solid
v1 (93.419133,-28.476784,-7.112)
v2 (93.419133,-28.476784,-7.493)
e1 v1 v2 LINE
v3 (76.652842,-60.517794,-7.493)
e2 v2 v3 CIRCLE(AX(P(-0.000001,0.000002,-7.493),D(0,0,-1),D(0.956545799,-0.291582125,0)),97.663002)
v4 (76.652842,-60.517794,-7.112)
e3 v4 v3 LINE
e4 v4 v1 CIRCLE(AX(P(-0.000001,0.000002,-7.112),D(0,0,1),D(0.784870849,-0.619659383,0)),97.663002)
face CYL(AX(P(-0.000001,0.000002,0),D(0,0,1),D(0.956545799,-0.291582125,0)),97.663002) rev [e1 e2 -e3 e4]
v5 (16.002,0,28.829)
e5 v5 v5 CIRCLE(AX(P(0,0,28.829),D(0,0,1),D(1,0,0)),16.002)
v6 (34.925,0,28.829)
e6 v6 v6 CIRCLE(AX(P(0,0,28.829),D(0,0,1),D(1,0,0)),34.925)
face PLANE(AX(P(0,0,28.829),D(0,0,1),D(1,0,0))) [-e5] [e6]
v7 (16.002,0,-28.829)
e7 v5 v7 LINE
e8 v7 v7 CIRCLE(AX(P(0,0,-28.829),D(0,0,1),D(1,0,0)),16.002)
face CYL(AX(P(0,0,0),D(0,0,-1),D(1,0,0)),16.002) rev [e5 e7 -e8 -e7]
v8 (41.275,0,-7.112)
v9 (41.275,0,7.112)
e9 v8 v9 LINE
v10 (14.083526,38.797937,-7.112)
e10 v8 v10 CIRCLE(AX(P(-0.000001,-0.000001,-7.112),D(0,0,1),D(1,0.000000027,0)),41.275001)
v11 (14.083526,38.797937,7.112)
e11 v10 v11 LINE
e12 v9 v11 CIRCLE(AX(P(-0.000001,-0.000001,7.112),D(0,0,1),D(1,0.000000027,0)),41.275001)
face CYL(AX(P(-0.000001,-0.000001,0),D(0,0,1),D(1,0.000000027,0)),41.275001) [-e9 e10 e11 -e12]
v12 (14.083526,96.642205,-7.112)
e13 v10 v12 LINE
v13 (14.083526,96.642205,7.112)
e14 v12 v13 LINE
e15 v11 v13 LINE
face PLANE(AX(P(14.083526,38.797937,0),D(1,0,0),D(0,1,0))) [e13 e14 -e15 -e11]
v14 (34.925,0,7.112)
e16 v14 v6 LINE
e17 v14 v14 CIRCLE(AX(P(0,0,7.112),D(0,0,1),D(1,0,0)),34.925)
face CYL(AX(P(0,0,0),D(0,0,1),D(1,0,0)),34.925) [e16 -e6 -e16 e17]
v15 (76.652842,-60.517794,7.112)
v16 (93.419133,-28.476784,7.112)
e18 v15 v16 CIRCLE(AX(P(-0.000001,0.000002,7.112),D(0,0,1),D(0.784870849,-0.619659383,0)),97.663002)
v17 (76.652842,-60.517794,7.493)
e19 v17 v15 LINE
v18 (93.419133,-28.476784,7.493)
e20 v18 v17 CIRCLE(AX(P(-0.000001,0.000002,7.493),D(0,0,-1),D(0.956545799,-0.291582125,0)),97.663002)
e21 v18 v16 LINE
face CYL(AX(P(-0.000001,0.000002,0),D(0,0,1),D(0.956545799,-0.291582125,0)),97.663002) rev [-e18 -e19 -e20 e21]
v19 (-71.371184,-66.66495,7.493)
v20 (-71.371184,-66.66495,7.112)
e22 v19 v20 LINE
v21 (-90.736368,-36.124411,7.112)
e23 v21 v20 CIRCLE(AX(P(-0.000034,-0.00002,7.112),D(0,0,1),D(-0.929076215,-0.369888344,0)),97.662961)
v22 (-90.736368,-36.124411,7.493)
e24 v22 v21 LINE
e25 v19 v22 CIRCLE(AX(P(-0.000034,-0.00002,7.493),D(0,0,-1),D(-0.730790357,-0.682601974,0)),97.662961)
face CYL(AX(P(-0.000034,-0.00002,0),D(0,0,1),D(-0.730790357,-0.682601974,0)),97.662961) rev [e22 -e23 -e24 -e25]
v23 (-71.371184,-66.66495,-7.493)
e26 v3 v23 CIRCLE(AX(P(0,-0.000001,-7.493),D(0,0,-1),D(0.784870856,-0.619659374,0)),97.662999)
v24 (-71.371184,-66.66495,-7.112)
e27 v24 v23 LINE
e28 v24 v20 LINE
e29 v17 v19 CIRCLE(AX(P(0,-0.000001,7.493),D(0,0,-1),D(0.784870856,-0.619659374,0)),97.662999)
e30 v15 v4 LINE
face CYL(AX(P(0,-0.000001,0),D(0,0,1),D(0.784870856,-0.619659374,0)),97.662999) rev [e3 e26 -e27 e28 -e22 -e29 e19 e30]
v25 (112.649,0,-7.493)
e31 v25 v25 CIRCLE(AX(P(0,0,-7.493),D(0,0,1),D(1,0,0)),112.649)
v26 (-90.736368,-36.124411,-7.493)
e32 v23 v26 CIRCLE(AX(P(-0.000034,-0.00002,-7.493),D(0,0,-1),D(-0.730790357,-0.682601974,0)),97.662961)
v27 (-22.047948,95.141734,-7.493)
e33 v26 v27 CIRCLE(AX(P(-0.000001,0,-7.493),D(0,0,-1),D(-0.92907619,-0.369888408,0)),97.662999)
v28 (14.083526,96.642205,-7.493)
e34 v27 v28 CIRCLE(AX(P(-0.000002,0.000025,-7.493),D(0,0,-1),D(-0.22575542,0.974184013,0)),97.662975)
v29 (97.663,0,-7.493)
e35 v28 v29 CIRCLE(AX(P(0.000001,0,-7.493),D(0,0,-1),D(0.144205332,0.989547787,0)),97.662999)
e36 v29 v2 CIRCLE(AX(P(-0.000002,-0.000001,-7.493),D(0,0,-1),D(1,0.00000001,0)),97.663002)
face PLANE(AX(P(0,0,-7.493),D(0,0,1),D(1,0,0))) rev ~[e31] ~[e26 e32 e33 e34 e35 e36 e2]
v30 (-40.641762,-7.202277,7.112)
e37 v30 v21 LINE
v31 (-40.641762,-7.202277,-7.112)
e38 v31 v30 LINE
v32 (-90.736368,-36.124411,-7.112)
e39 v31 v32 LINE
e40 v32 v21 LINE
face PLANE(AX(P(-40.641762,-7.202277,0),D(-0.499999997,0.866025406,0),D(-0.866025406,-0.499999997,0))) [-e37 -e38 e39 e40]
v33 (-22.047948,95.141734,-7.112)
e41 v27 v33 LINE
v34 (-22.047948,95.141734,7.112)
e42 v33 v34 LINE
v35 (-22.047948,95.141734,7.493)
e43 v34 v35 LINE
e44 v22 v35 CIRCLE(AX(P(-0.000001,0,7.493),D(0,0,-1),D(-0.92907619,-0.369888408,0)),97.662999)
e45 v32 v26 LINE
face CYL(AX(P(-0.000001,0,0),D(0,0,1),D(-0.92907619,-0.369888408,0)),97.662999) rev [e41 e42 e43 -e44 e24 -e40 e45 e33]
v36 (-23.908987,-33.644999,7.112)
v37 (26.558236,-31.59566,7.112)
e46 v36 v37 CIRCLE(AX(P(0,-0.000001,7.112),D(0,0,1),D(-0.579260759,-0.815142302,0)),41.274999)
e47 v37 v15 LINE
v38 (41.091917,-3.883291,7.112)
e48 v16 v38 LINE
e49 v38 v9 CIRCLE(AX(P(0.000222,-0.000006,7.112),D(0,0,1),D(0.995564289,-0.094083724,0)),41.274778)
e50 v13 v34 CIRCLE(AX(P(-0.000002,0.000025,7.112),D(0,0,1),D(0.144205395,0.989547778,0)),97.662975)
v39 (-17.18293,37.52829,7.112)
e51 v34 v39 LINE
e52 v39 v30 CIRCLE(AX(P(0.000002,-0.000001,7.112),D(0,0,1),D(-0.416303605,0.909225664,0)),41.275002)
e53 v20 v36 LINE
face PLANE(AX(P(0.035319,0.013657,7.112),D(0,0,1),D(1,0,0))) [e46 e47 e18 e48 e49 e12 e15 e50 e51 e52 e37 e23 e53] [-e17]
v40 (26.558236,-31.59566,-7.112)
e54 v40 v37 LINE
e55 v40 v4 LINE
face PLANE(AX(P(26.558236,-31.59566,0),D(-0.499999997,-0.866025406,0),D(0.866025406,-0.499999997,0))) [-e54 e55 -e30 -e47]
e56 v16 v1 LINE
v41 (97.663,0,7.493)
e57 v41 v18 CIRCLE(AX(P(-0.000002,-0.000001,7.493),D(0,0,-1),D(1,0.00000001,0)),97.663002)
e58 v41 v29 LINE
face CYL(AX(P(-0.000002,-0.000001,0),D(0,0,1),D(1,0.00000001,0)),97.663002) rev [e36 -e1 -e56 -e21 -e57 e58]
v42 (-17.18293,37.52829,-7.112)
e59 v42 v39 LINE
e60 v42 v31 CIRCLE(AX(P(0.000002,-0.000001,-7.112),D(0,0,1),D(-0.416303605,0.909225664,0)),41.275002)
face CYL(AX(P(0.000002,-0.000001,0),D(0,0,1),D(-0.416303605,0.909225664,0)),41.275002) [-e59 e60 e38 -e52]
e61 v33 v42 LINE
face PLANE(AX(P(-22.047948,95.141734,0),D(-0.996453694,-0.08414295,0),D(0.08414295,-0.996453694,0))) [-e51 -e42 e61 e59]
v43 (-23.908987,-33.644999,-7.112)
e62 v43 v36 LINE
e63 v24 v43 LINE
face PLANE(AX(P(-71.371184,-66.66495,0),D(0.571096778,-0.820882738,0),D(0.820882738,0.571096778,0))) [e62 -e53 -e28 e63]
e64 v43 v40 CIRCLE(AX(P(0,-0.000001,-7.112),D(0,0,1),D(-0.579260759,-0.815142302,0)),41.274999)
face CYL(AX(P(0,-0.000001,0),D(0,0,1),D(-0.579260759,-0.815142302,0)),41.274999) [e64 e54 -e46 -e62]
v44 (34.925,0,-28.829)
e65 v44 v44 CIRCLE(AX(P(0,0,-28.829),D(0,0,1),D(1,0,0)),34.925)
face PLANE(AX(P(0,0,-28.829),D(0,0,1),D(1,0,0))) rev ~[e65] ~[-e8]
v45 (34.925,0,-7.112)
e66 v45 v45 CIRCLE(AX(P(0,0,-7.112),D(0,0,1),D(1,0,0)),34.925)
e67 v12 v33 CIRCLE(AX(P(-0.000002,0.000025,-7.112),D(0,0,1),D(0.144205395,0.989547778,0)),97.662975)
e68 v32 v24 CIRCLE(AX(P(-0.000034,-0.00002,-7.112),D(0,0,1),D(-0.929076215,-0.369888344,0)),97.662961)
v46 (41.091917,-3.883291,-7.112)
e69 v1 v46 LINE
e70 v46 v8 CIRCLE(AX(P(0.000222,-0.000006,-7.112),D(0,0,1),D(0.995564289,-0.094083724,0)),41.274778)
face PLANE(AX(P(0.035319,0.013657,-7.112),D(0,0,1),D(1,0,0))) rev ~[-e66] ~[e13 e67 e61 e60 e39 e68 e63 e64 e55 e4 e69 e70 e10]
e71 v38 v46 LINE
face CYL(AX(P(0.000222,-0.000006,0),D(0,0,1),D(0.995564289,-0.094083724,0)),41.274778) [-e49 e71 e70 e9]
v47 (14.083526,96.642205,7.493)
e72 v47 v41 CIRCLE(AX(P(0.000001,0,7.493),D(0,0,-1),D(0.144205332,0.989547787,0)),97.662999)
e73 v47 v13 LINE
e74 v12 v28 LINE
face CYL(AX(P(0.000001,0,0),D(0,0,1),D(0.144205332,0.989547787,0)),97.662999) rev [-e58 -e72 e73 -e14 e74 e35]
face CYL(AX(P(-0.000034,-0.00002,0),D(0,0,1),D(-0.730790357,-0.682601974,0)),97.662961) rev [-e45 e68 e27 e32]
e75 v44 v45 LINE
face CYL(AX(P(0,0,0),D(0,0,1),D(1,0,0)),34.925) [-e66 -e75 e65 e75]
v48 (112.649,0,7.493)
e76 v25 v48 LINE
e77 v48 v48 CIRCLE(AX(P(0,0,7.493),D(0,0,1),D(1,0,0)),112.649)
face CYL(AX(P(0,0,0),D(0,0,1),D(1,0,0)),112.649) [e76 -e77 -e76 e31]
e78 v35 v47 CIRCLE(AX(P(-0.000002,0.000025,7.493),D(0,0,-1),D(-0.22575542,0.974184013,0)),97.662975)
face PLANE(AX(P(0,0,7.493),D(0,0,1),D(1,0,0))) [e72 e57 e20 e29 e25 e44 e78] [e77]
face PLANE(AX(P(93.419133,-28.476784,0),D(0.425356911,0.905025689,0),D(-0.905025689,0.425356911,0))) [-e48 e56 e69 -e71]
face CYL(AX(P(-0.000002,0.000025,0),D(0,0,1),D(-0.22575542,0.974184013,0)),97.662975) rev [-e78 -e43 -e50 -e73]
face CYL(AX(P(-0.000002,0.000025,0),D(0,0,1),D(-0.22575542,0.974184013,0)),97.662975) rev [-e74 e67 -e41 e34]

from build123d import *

# Parameters (mm, degrees)
F0_R     = 34.925
F0_R_2   = 16.002
F1_DEPTH = 28.829
F2_DEPTH = 7.112
F0_R_3   = 112.649
F3_DEPTH = 7.493


with BuildPart() as f1:
    # F0 (on Top) → F1 (new body, symmetric)
    with BuildSketch(Plane.XY):
        Circle(F0_R)
        Circle(F0_R_2, mode=Mode.SUBTRACT)
    extrude(amount=F1_DEPTH, both=True)

    # F0 (on Top) → F2 (join, symmetric)
    with BuildSketch(Plane.XY):
        with BuildLine():
            ThreePointArc((41.091917, -3.883291), (41.229204, -1.943802), (41.275, 0))
            ThreePointArc((41.275, 0), (33.800319, 23.688901), (14.083526, 38.797937))
            ThreePointArc((14.083526, 38.797937), (-1.674687, 41.241012), (-17.18293, 37.52829))
            ThreePointArc((-17.18293, 37.52829), (-36.553107, 19.170184), (-40.641762, -7.202277))
            ThreePointArc((-40.641762, -7.202277), (-34.87842, -22.070827), (-23.908987, -33.644999))
            ThreePointArc((-23.908987, -33.644999), (1.674687, -41.241012), (26.558236, -31.59566))
            ThreePointArc((26.558236, -31.59566), (36.553107, -19.170184), (41.091917, -3.883291))
        make_face()
        Circle(F0_R, mode=Mode.SUBTRACT)
        with BuildLine():
            ThreePointArc((-17.18293, 37.52829), (-1.674687, 41.241012), (14.083526, 38.797937))
            Line((14.083526, 38.797937), (14.083526, 96.642205))
            ThreePointArc((14.083526, 96.642205), (-4.052266, 97.578895), (-22.047948, 95.141734))
            Line((-22.047948, 95.141734), (-17.18293, 37.52829))
        make_face()
        with BuildLine():
            ThreePointArc((-23.908987, -33.644999), (-34.87842, -22.070827), (-40.641762, -7.202277))
            Line((-40.641762, -7.202277), (-90.736368, -36.124411))
            ThreePointArc((-90.736368, -36.124411), (-82.479669, -52.298813), (-71.371184, -66.66495))
            Line((-71.371184, -66.66495), (-23.908987, -33.644999))
        make_face()
        with BuildLine():
            Line((93.419133, -28.476784), (41.091917, -3.883291))
            ThreePointArc((41.091917, -3.883291), (36.553107, -19.170184), (26.558236, -31.59566))
            Line((26.558236, -31.59566), (76.652842, -60.517794))
            ThreePointArc((76.652842, -60.517794), (86.531935, -45.280082), (93.419133, -28.476784))
        make_face()
    extrude(amount=F2_DEPTH, both=True)

    # F0 (on Top) → F3 (join, symmetric)
    with BuildSketch(Plane.XY):
        Circle(F0_R_3)
        with BuildLine():
            ThreePointArc((-22.047948, 95.141734), (-4.052266, 97.578895), (14.083526, 96.642205))
            ThreePointArc((14.083526, 96.642205), (73.869821, 63.88514), (97.663, 0))
            ThreePointArc((97.663, 0), (96.596207, -14.395638), (93.419133, -28.476784))
            ThreePointArc((93.419133, -28.476784), (86.531935, -45.280082), (76.652842, -60.517794))
            ThreePointArc((76.652842, -60.517794), (4.052266, -97.578895), (-71.371184, -66.66495))
            ThreePointArc((-71.371184, -66.66495), (-82.479669, -52.298813), (-90.736368, -36.124411))
            ThreePointArc((-90.736368, -36.124411), (-86.531935, 45.280082), (-22.047948, 95.141734))
        make_face(mode=Mode.SUBTRACT)
    extrude(amount=F3_DEPTH, both=True)


solid = f1.part
